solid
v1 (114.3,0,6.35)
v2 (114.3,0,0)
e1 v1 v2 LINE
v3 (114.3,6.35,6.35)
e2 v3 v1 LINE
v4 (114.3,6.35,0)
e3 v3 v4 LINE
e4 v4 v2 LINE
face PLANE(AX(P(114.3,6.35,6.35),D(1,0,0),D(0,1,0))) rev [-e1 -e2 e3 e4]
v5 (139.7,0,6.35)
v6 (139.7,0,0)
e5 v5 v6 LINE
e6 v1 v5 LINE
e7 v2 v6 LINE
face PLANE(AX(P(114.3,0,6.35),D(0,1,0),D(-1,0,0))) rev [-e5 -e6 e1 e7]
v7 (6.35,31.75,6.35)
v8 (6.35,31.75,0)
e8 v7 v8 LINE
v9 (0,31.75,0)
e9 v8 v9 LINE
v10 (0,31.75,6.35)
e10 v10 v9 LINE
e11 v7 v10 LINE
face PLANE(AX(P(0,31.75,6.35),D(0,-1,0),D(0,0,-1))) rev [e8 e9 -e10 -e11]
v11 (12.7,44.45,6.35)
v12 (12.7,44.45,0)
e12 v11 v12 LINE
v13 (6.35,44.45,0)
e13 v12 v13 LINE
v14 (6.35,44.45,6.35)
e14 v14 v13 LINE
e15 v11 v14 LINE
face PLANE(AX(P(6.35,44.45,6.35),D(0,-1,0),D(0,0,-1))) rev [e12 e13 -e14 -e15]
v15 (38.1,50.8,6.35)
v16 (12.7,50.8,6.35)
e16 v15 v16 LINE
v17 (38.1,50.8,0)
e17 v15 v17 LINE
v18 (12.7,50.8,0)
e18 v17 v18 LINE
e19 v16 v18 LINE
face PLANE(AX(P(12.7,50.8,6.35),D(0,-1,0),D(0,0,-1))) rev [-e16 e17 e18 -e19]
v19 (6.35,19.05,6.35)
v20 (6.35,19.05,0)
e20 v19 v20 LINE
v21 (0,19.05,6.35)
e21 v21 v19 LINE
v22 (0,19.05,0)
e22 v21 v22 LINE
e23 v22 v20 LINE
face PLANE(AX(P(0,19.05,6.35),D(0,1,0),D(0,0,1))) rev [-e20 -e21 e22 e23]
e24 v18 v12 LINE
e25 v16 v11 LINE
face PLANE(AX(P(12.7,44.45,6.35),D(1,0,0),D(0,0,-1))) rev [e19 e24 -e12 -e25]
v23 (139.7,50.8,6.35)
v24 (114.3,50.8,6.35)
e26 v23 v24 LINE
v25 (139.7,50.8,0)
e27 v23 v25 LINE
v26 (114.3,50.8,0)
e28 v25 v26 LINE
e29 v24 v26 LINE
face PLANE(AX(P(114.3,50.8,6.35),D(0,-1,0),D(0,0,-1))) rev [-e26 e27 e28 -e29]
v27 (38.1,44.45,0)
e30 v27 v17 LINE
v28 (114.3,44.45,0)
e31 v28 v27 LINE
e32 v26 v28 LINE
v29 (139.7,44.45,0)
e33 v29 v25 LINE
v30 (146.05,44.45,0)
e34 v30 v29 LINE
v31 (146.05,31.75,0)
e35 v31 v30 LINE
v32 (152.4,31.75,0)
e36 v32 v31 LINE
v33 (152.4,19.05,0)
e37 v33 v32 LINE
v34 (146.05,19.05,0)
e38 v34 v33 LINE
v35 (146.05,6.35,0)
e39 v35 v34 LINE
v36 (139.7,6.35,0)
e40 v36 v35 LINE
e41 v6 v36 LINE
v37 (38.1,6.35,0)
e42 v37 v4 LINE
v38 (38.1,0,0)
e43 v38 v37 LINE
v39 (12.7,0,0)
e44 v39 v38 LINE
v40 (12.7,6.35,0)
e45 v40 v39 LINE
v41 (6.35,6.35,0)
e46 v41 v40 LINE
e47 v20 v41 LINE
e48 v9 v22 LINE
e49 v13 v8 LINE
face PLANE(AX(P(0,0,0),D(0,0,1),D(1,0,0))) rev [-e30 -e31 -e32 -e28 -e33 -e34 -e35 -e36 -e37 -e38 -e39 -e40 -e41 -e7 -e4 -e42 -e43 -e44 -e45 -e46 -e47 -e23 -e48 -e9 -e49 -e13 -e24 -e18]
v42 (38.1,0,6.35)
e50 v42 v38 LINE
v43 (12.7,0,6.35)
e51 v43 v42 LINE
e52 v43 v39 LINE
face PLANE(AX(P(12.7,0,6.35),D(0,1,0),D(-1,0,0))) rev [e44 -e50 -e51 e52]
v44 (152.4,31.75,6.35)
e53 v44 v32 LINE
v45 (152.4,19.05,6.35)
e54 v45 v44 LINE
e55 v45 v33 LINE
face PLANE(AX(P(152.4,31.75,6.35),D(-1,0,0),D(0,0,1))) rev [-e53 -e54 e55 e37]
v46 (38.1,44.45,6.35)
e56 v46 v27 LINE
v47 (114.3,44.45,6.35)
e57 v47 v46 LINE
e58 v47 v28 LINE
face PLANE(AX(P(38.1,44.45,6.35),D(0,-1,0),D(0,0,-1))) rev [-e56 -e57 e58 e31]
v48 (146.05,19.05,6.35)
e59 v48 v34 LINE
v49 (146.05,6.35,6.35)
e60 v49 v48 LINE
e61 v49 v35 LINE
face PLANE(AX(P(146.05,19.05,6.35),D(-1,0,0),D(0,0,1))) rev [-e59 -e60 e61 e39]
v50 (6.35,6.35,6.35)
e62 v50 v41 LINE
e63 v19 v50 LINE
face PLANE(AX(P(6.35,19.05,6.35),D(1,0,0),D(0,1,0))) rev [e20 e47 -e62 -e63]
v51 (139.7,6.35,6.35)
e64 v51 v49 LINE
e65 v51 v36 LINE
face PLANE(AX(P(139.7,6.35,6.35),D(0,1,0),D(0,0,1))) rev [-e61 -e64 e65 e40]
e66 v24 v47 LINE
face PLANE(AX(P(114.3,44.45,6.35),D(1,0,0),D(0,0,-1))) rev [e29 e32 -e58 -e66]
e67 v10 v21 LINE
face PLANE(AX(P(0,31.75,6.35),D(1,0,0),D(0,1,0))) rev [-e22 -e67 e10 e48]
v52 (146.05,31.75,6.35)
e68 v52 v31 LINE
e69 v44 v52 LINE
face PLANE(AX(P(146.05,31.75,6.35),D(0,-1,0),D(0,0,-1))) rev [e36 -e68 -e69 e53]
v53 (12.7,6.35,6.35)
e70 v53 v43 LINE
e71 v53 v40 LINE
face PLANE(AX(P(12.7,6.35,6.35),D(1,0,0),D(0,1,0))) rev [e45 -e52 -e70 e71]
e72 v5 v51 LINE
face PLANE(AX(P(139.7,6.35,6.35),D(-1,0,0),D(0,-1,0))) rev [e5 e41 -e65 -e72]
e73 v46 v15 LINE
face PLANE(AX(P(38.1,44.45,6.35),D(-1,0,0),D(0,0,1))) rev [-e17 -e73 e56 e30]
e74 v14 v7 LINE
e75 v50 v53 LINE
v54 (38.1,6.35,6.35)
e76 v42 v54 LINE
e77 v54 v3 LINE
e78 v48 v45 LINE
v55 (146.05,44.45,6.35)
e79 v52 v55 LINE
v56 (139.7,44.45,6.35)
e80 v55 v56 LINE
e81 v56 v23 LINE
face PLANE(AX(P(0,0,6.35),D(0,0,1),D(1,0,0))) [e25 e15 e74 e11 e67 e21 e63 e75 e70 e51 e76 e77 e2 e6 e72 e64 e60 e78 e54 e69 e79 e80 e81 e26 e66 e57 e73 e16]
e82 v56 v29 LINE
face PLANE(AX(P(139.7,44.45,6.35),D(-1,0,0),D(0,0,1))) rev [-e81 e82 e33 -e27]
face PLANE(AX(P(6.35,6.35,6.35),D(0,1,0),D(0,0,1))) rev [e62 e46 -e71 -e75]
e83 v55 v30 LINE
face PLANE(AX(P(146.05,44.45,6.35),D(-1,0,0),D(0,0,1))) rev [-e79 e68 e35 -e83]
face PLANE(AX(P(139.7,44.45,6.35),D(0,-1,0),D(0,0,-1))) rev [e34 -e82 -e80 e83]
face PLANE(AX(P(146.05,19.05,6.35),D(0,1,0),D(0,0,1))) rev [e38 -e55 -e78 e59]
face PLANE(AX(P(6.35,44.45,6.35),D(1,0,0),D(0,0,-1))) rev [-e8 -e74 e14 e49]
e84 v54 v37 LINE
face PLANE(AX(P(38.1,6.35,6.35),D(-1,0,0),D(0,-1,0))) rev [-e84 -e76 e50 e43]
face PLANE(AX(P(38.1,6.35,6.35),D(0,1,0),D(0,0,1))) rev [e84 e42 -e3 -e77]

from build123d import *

# Parameters (mm, degrees)
BOSS_EXTRUDE1_DEPTH = 6.35


with BuildPart() as part:
    # Sketch1 → Boss-Extrude1 (new body)
    with BuildSketch(Plane.XY):
        Polygon((0, 19.05), (6.35, 19.05), (6.35, 6.35), (12.7, 6.35), (12.7, 0), (38.1, 0), (38.1, 6.35), (114.3, 6.35), (114.3, 0), (139.7, 0), (139.7, 6.35), (146.05, 6.35), (146.05, 19.05), (152.4, 19.05), (152.4, 31.75), (146.05, 31.75), (146.05, 44.45), (139.7, 44.45), (139.7, 50.8), (114.3, 50.8), (114.3, 44.45), (38.1, 44.45), (38.1, 50.8), (12.7, 50.8), (12.7, 44.45), (6.35, 44.45), (6.35, 31.75), (0, 31.75), align=None)
    extrude(amount=BOSS_EXTRUDE1_DEPTH)


solid = part.part
